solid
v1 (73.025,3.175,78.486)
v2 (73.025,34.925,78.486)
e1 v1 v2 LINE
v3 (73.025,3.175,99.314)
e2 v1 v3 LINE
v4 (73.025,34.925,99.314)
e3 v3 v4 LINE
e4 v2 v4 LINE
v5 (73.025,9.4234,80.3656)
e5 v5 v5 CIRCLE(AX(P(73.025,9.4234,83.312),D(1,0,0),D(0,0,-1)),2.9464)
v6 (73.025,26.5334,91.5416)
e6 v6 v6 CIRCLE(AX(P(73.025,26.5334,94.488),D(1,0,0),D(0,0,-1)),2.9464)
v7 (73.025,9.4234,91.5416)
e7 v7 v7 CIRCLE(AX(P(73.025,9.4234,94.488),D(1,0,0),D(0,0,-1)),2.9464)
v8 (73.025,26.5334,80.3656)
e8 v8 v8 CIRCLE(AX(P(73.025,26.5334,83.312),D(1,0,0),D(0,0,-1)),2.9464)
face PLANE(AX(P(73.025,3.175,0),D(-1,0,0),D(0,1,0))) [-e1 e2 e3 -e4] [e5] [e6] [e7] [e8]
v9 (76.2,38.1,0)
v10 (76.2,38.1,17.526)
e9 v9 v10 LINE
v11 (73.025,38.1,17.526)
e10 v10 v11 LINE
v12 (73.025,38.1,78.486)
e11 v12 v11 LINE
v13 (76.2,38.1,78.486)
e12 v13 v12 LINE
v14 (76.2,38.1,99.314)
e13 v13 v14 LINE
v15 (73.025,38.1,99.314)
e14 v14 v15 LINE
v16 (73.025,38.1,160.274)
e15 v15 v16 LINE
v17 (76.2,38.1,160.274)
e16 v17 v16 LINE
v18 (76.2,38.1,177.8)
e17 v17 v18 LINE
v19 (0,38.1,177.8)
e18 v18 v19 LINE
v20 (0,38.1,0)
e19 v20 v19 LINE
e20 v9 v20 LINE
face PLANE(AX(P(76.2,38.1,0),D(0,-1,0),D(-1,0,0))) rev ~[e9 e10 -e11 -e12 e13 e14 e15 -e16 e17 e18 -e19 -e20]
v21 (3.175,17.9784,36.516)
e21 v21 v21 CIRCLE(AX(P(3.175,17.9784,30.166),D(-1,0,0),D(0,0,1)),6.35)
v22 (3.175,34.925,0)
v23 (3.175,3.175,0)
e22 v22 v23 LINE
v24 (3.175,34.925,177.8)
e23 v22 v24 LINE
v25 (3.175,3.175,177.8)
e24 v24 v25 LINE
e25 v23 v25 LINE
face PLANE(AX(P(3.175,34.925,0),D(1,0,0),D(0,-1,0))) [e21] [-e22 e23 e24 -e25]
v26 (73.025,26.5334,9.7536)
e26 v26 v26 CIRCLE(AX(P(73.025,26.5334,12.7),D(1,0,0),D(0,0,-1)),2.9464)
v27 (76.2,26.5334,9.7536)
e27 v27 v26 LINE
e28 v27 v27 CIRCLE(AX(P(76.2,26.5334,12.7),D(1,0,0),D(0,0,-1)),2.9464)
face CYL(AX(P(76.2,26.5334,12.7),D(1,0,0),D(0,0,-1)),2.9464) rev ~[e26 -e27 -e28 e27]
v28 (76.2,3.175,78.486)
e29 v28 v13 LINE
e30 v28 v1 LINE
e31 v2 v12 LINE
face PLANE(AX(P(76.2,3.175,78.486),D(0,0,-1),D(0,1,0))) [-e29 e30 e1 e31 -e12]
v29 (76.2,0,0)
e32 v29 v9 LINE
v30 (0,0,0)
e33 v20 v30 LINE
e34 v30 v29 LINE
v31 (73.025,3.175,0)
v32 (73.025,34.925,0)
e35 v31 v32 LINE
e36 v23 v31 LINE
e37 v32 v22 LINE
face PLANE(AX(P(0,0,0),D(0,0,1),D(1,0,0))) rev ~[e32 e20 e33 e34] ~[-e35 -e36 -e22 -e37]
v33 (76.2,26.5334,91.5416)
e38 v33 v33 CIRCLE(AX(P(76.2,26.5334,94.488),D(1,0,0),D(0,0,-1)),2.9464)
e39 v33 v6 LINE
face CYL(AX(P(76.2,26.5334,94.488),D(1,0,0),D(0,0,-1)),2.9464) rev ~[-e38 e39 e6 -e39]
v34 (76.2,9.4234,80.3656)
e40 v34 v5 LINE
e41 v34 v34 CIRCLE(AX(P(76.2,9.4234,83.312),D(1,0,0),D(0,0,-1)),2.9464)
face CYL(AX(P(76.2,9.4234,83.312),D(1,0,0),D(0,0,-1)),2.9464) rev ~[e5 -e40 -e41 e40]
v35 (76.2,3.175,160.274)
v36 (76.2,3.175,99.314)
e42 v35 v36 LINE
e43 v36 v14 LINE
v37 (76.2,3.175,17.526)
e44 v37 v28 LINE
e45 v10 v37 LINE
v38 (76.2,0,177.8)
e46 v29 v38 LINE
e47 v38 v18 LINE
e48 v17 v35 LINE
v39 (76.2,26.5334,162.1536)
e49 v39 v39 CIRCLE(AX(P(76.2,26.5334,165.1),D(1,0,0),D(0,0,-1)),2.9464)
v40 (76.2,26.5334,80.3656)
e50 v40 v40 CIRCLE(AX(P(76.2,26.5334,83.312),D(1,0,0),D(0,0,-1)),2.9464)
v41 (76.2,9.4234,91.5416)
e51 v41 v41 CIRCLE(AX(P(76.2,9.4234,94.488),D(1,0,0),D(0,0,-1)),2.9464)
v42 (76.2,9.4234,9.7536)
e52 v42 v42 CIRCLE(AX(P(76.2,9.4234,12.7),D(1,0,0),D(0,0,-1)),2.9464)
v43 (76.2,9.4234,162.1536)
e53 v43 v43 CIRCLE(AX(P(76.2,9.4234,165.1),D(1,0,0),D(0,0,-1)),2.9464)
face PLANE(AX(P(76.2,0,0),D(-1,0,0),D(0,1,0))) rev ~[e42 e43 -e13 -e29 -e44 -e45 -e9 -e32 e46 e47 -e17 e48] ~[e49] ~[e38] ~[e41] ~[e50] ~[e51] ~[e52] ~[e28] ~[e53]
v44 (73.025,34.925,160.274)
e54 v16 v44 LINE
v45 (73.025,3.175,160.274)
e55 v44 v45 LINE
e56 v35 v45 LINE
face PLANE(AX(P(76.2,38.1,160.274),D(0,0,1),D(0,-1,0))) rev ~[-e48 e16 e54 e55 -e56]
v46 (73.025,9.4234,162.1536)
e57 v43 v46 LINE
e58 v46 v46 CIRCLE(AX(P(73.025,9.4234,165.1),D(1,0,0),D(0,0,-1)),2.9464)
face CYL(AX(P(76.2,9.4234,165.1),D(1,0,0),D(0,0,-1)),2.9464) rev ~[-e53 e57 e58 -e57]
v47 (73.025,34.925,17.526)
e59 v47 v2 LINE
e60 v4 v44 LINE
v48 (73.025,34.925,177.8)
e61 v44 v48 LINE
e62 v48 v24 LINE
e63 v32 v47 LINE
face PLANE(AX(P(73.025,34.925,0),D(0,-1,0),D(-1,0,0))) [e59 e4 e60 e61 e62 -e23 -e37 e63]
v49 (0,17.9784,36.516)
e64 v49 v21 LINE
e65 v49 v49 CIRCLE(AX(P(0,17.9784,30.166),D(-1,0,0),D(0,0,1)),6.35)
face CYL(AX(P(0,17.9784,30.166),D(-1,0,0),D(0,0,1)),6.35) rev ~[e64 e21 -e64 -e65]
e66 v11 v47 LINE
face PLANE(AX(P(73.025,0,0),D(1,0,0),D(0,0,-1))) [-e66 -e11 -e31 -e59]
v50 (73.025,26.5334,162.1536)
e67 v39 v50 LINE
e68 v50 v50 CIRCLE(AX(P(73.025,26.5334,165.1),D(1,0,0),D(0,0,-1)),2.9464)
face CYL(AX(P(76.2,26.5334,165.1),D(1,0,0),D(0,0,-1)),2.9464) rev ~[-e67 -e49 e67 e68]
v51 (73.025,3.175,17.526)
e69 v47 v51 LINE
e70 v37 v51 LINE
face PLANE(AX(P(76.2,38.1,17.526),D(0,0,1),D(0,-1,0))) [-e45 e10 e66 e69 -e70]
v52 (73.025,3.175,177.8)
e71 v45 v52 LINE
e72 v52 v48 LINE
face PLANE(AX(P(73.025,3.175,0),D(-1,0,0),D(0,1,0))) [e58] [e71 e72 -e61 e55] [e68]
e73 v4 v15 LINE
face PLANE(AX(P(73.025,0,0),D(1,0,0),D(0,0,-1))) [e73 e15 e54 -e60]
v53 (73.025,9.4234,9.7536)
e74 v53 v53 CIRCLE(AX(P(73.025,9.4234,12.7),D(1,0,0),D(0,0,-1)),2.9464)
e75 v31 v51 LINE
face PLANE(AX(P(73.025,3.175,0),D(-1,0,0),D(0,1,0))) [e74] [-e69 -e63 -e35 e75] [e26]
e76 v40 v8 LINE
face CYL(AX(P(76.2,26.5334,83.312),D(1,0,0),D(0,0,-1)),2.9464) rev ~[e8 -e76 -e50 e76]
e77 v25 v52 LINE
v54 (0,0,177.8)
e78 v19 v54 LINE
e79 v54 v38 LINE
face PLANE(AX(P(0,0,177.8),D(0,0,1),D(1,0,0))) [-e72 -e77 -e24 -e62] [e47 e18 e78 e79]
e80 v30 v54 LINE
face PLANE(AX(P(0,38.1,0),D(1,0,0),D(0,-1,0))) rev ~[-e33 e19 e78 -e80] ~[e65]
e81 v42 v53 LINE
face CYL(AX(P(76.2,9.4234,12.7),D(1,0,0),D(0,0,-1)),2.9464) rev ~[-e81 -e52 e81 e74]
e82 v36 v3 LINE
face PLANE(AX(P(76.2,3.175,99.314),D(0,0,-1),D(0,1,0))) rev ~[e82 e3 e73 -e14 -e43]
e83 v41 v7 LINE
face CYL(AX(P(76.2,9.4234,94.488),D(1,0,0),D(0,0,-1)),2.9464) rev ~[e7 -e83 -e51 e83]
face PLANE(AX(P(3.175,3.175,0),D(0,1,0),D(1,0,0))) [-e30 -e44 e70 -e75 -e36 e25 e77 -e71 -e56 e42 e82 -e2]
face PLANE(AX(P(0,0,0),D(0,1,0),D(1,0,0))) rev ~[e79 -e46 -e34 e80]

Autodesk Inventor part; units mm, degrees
ref_plane "YZ Plane" through (0, 0, 0) normal (1, 0, 0) x (0, 1, 0)
ref_plane "XZ Plane" through (0, 0, 0) normal (0, 1, 0) x (-1, 0, 0)
ref_plane "XY Plane" through (0, 0, 0) normal (0, 0, 1) x (1, 0, 0)
sketch "Sketch2" plane through (0, 0, 0) normal (0, 0, 1) x (1, 0, 0)
  line L0 (0, 0) -> (76.2, 0)
  line L1 (76.2, 0) -> (76.2, 38.1)
  line L2 (0, 38.1) -> (0, 0)
  line L3 (76.2, 38.1) -> (0, 38.1)
  dimension "d0" = 76.2
  dimension "d1" = 38.1
extrude "Extrusion_channel" add sketch "Sketch2" along normal blind 177.8
sketch "Sketch3" plane through (76.2, 0, 0) normal (1, 0, 0) x (0, 0, -1)
  circle A0 centre (-12.7, 9.4234) radius 2.9464
  circle A1 centre (-12.7, 26.5334) radius 2.9464
  line L0 (0, 0) -> (-177.8, 0) projected
  line L1 (0, 0) -> (0, 38.1) projected
  circle A2 centre (-83.312, 9.4234) radius 2.9464
  circle A3 centre (-83.312, 26.5334) radius 2.9464
  line L2 (-78.486, 38.1) -> (-17.526, 38.1)
  line L3 (-17.526, 38.1) -> (-17.526, 3.175)
  line L4 (-17.526, 3.175) -> (-78.486, 3.175)
  line L5 (-78.486, 3.175) -> (-78.486, 38.1)
  line L6 (-78.486, 38.1) -> (-17.526, 3.175) construction
  line L7 (-17.526, 38.1) -> (-78.486, 3.175) construction
  line L8 (0, 38.1) -> (-177.8, 38.1) projected
  line L9 (-88.9, 38.1) -> (-88.9, 0)
  circle A4 centre (-165.1, 9.4234) radius 2.9464
  circle A5 centre (-165.1, 26.5334) radius 2.9464
  line L10 (-177.8, 0) -> (-177.8, 38.1)
  circle A6 centre (-94.488, 9.4234) radius 2.9464
  circle A7 centre (-94.488, 26.5334) radius 2.9464
  line L11 (-99.314, 38.1) -> (-160.274, 38.1)
  line L12 (-160.274, 38.1) -> (-160.274, 3.175)
  line L13 (-160.274, 3.175) -> (-99.314, 3.175)
  line L14 (-99.314, 3.175) -> (-99.314, 38.1)
  line L15 (-99.314, 38.1) -> (-160.274, 3.175) construction
  line L16 (-160.274, 38.1) -> (-99.314, 3.175) construction
  point P0 (-48.006, 20.6375)
  point P1 (-129.794, 20.6375)
  dimension "d9" = 5.8928
  dimension "d10" = 5.8928
  dimension "d11" = 9.4234
  dimension "d12" = 17.11
  dimension "d13" = 12.7
  dimension "d14" = 5.8928
  dimension "d15" = 5.8928
  dimension "d16" = 70.612
  dimension "d17" = 60.96
  dimension "d18" = 34.925
  dimension "d19" = 35.306
  dimension "d20" = 3.175
extrude "Extrusion_mount" cut sketch "Sketch3" against normal blind 3.175 contours A0 | A1 | L3 L4 L5 L2 | L14 L13 L12 L8 | A2 | A3 | A4 | A5 | A6 | A7
sketch "Sketch8" plane through (0, 0, 0) normal (-1, 0, 0) x (0, 0, 1)
  line L0 (0, 0) -> (177.8, 0) projected
  line L1 (88.9, 0) -> (169.037, 38.1)
  line L2 (78.486, 38.1) -> (177.8, 38.1) projected
  circle A0 centre (30.166, 17.9784) radius 6.35
  line L3 (0, 38.1) -> (0, 0) projected
  circle A1 centre (65.7664, -56.9012) radius 6.35
  point P0 (99.314, 38.1)
  point P1 (160.274, 38.1)
  dimension "d26" = 12.7
  dimension "d27" = 17.9784
  dimension "d28" = 30.166
extrude "Extrusion_hole" cut sketch "Sketch8" against normal blind 3.175
sketch "Sketch9" plane through (0, 0, 0) normal (0, 0, -1) x (-1, 0, 0)
  line L0 (-3.175, 3.175) -> (-73.025, 3.175)
  line L1 (-73.025, 3.175) -> (-73.025, 34.925)
  line L2 (-73.025, 34.925) -> (-3.175, 34.925)
  line L3 (-3.175, 34.925) -> (-3.175, 3.175)
  point P0 (0, 0)
  dimension "d32" = 3.175
  dimension "d33" = 3.175
  dimension "d34" = 69.85
  dimension "d35" = 31.75
extrude "Extrusion_tube" cut sketch "Sketch9" against normal up to next
equation "\"d0\" = o_width"
equation "\"d1\" = height"
equation "\"d7\" = length"
equation "\"d9\" = hole_dia"
equation "\"d10\" = hole_dia"
equation "\"d11\" = hole_height"
equation "\"d12\" = hole_spacing"
equation "\"d13\" = end_space"
equation "\"d14\" = hole_dia"
equation "\"d15\" = hole_dia"
equation "\"d16\" = mount_spacing"
equation "\"d17\" = servo_space"
equation "\"d18\" = height - thickness"
equation "\"d19\" = 0.5 * mount_spacing"
equation "\"d20\" = thickness"
equation "\"d21\" = thickness"
equation "\"d26\" = mount_dia"
equation "\"d27\" = 0.5 * hole_spacing + hole_height"
equation "\"d28\" = servo_axis + end_space"
equation "\"d29\" = thickness"
equation "\"d32\" = thickness"
equation "\"d33\" = thickness"
equation "\"d34\" = o_width - 2 * thickness"
equation "\"d35\" = height - 2 * thickness"
equation "\"length\" = 177.8"
equation "\"o_width\" = 76.2"
equation "\"thickness\" = 3.175"
equation "\"i_width\" = o_width - 2 * thickness"
equation "\"height\" = 0.5 * o_width"
equation "\"servo_space\" = 60.96"
equation "\"mount_spacing\" = 70.612"
equation "\"hole_dia\" = 5.8928"
equation "\"end_space\" = 12.7"
equation "\"hole_spacing\" = 17.11"
equation "\"servo_axis\" = 17.466"
equation "\"mount_dia\" = 12.7"
equation "\"hole_height\" = 9.4234"
properties part number "upper_leg"
